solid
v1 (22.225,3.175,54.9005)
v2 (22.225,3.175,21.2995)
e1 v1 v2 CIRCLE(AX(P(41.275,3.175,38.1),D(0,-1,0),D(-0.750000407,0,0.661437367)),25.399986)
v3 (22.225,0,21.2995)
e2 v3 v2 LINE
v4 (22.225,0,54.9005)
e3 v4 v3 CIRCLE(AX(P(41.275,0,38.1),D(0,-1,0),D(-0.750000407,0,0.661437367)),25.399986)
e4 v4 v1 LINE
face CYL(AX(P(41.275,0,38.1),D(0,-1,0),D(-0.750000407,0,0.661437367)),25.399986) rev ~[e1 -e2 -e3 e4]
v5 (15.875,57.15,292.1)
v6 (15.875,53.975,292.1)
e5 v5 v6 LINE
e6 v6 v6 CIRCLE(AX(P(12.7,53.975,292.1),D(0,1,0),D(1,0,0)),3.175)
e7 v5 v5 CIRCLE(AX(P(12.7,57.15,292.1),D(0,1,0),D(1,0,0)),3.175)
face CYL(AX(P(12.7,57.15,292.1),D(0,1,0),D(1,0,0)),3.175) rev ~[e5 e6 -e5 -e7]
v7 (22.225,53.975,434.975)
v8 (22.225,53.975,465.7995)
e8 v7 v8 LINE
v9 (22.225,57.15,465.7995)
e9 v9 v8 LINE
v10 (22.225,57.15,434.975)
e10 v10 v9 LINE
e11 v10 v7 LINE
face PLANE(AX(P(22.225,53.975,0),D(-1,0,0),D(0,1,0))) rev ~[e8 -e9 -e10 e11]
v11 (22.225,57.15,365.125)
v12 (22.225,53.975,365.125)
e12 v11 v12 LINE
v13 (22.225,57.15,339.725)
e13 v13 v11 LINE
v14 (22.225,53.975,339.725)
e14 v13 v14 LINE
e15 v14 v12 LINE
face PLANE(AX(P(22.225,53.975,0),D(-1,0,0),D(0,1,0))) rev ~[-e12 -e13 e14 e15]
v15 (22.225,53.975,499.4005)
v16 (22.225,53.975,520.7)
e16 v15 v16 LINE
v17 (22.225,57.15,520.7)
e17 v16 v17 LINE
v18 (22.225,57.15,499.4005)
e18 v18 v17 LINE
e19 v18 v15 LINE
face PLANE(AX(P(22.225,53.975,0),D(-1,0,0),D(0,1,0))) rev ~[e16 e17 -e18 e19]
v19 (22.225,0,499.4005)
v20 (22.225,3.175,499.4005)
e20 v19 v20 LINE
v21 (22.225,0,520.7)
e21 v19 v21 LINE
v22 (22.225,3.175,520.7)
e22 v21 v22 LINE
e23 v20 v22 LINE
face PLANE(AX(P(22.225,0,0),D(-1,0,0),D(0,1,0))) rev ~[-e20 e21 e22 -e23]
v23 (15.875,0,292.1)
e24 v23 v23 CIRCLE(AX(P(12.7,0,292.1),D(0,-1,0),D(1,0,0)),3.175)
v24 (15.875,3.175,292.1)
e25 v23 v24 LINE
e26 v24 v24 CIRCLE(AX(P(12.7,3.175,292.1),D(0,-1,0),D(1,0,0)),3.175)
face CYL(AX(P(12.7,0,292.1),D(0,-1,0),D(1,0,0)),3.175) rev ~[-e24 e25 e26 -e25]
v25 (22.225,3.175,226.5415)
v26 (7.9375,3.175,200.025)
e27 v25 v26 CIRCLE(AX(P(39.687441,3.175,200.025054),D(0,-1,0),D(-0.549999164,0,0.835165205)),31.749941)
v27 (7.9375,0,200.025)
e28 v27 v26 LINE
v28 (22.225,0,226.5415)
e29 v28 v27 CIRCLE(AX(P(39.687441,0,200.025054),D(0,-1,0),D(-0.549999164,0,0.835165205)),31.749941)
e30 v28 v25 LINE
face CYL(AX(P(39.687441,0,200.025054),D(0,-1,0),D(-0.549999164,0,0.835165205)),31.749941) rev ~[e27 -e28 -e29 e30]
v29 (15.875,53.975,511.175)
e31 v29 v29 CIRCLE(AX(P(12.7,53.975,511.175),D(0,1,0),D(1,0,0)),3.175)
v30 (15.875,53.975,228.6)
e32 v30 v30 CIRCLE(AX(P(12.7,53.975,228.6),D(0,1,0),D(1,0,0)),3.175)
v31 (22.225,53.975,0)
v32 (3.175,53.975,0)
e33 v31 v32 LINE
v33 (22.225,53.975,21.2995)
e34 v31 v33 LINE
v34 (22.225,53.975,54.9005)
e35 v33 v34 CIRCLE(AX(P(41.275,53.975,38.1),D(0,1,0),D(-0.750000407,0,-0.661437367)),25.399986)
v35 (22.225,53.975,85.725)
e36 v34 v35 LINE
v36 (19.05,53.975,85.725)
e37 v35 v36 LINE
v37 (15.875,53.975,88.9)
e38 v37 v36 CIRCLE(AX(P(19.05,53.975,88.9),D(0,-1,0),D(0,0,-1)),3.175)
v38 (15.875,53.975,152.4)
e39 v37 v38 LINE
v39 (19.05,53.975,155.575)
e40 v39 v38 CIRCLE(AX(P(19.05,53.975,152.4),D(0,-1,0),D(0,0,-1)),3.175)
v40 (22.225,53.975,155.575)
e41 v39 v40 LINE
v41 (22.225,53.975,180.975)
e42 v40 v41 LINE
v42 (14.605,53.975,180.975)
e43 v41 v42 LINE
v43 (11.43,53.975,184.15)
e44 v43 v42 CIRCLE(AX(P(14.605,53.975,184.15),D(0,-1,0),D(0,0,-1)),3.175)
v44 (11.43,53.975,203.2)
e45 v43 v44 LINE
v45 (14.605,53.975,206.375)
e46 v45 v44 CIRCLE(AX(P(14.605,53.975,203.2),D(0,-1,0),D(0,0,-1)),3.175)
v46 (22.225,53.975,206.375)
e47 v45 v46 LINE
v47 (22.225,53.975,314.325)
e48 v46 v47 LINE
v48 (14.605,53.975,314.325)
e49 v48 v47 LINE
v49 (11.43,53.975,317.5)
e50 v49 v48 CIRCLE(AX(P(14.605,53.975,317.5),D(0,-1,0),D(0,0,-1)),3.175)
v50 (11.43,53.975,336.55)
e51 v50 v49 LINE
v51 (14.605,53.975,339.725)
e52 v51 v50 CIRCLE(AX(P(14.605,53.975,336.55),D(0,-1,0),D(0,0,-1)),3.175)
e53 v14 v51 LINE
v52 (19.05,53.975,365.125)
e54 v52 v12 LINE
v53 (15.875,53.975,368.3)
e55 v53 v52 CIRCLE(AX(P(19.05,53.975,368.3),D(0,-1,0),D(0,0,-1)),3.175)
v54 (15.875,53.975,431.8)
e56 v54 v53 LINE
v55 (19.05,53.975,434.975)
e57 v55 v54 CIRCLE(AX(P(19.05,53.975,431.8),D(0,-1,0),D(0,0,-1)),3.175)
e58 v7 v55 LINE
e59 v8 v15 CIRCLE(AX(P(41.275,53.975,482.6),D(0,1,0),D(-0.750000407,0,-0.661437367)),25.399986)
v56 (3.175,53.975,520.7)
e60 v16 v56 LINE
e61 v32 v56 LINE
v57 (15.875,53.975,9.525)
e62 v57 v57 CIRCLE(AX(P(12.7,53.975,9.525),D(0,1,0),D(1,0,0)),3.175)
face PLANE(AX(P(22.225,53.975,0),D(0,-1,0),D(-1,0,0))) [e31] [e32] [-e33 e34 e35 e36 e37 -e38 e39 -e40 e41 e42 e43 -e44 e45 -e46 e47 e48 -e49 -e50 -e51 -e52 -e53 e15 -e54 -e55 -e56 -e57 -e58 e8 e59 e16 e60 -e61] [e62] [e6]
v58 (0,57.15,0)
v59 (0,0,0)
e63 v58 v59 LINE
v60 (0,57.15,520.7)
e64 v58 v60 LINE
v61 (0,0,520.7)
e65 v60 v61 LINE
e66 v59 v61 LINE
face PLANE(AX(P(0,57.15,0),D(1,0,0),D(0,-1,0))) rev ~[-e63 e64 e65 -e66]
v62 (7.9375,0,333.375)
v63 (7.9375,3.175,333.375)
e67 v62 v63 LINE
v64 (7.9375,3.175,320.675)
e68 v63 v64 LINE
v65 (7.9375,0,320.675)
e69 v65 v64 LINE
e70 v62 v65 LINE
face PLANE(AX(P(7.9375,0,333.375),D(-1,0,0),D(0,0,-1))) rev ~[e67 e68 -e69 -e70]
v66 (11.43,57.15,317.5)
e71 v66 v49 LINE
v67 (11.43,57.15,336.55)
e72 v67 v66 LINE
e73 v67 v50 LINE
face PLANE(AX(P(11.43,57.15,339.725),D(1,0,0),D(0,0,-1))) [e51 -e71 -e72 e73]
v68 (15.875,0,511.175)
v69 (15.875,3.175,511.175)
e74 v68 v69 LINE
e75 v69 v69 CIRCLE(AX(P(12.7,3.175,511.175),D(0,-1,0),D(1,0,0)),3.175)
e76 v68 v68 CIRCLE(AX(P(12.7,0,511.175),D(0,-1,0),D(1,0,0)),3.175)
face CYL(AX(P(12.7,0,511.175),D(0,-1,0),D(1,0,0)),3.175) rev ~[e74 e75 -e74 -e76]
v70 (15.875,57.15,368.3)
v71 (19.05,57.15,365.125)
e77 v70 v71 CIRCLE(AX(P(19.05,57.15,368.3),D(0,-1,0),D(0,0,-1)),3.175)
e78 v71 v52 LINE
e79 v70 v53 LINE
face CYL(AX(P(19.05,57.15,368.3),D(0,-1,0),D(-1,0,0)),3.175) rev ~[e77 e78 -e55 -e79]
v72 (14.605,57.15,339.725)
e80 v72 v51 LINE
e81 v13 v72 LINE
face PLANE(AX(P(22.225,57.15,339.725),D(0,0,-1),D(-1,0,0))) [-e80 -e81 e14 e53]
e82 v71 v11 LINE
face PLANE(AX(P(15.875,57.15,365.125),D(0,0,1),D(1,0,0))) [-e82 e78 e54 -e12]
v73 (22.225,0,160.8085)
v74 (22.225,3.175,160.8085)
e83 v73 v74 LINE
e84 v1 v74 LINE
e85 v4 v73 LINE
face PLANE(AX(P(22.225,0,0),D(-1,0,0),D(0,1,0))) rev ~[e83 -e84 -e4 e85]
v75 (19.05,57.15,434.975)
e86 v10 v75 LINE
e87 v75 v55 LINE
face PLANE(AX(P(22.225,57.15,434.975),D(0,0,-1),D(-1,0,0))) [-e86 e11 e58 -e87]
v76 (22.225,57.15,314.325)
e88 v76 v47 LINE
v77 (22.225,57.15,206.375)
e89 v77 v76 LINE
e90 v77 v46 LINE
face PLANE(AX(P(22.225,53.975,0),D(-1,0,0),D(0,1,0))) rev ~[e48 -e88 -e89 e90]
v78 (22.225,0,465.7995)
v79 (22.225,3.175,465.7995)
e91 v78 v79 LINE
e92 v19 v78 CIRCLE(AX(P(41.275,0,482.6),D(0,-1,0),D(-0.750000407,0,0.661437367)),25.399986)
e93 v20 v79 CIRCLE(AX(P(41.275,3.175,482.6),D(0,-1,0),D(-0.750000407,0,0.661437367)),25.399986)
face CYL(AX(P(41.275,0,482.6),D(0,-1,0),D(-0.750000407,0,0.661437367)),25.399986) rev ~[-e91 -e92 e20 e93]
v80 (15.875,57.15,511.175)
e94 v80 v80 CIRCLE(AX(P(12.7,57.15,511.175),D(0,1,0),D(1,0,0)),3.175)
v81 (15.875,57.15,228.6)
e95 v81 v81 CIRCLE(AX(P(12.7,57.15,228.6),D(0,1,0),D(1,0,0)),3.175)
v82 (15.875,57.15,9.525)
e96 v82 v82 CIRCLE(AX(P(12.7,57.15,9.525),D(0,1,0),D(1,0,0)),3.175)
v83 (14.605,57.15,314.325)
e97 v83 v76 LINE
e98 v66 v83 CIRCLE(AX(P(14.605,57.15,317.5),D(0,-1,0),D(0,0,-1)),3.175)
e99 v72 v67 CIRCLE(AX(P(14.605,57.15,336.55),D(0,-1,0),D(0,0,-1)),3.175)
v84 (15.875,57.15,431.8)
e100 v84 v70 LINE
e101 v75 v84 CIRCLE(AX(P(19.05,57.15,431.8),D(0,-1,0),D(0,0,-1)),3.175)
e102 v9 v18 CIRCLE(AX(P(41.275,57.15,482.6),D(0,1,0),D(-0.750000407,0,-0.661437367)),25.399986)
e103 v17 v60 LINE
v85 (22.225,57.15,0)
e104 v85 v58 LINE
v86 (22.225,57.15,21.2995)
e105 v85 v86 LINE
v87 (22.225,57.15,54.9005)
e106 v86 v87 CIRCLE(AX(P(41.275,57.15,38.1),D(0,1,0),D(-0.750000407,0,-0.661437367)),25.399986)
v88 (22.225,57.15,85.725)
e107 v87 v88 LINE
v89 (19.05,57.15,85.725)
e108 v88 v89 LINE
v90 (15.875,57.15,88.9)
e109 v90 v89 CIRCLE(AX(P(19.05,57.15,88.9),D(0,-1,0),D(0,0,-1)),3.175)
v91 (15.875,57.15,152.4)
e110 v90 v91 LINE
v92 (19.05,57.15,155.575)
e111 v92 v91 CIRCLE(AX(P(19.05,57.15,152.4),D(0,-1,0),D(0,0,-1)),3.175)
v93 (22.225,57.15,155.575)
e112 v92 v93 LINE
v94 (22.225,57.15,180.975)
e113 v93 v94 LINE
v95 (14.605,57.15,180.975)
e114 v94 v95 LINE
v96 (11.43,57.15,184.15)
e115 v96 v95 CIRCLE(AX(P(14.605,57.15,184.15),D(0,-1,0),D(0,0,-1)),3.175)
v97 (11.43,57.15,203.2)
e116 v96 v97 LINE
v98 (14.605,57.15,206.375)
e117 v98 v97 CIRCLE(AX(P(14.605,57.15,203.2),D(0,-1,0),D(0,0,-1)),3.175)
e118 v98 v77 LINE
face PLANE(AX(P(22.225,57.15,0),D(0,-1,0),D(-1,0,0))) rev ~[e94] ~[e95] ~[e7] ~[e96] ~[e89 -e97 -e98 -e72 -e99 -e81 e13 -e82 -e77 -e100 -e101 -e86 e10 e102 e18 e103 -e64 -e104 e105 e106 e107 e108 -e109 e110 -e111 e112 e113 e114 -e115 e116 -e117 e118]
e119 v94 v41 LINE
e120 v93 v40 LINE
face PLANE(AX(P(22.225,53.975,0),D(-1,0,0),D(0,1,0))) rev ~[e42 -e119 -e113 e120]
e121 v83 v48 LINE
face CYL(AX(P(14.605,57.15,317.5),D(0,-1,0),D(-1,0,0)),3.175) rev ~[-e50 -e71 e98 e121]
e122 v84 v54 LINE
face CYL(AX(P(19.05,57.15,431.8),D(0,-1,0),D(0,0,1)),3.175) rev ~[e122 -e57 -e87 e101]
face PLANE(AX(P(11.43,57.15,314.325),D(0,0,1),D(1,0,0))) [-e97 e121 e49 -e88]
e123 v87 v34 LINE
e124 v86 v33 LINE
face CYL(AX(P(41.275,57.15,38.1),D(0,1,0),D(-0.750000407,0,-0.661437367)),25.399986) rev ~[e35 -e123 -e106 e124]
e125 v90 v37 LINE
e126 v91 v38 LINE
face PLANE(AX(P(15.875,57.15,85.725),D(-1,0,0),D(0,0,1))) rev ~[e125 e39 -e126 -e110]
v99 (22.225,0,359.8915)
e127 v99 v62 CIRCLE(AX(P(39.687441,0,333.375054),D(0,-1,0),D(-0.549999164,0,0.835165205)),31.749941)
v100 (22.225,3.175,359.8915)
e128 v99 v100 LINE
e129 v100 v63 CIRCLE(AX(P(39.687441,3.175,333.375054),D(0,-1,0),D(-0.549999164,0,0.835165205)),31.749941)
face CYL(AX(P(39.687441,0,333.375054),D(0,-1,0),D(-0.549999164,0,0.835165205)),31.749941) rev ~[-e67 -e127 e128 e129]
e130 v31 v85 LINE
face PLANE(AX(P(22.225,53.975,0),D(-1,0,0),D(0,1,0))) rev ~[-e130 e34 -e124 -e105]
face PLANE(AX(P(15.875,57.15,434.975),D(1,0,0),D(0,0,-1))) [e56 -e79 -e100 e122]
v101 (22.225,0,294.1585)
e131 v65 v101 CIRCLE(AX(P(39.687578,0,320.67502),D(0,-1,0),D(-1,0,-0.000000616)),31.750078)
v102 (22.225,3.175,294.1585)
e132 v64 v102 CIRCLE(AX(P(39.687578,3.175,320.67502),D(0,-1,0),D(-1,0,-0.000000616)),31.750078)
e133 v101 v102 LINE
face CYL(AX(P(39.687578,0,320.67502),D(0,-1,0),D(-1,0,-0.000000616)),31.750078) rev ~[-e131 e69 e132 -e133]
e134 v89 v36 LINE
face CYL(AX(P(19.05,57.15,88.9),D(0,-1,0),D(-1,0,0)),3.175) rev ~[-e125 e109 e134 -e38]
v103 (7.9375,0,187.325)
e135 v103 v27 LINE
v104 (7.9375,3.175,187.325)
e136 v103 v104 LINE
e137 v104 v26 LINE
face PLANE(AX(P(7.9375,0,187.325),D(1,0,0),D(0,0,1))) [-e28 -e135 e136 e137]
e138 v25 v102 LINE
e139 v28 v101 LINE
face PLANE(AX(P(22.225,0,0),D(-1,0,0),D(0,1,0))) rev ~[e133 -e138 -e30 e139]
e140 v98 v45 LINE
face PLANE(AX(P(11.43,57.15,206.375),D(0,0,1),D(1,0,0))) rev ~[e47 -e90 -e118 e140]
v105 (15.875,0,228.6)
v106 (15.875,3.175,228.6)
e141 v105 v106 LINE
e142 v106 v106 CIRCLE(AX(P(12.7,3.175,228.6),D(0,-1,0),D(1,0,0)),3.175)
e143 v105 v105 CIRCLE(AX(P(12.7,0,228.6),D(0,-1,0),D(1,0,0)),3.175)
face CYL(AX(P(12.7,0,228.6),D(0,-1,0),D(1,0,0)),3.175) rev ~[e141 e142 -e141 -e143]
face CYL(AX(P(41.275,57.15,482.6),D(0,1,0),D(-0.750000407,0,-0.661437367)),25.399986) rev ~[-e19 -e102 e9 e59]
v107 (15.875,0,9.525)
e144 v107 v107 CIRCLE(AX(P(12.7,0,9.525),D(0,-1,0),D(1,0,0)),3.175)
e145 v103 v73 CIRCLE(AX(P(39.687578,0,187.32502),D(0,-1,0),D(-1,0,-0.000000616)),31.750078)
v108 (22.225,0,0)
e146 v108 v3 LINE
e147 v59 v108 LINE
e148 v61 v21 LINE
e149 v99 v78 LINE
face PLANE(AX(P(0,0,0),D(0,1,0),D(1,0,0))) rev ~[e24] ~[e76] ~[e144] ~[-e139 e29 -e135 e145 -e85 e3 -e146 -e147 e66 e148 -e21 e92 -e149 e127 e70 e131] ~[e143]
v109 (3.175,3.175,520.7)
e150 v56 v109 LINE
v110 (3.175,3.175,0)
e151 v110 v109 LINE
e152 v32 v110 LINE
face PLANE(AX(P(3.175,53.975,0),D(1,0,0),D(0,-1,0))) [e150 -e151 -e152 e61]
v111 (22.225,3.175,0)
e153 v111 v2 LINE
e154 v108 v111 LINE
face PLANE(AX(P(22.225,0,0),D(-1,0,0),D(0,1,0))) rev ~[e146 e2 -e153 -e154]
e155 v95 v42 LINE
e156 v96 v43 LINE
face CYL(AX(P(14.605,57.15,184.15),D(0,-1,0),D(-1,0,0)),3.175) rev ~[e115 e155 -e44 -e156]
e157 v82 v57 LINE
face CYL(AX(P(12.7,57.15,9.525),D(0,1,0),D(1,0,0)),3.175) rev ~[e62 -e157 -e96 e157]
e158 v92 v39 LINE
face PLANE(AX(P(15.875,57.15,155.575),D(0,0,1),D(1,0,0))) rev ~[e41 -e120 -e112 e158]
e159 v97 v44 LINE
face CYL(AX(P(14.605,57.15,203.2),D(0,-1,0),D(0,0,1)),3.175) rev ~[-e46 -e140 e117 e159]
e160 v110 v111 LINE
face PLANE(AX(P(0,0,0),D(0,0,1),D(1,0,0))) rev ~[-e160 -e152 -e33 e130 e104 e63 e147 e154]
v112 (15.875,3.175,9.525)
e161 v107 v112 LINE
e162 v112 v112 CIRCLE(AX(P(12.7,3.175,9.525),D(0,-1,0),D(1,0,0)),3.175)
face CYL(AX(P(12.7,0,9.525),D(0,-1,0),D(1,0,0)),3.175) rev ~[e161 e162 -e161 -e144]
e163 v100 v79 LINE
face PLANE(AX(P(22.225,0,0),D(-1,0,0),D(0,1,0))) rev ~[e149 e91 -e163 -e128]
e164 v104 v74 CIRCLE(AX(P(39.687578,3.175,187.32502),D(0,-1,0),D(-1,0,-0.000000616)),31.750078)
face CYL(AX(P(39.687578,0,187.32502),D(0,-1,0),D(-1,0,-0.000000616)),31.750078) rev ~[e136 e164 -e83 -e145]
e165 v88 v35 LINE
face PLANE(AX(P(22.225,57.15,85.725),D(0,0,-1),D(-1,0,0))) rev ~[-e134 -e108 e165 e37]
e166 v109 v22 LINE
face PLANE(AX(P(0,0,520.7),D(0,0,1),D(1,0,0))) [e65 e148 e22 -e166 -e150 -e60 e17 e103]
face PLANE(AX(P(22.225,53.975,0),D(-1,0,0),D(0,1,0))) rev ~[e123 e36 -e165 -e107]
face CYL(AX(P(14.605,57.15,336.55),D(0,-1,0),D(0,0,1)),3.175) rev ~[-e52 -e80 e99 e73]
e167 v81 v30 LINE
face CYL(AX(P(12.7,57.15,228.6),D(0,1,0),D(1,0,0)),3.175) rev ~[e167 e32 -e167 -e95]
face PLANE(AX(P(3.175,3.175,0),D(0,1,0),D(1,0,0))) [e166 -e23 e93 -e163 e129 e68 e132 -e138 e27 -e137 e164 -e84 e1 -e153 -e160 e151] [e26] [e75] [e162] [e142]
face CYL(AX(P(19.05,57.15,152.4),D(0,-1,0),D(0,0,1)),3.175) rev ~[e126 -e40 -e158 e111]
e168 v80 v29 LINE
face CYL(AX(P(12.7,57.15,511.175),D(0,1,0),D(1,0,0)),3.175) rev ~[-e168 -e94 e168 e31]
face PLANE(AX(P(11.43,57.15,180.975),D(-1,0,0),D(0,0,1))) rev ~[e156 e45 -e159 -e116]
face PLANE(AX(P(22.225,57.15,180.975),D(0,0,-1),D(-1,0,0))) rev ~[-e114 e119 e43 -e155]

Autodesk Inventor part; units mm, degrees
ref_plane "YZ Plane" through (0, 0, 0) normal (1, 0, 0) x (0, 1, 0)
ref_plane "XZ Plane" through (0, 0, 0) normal (0, 1, 0) x (-1, 0, 0)
ref_plane "XY Plane" through (0, 0, 0) normal (0, 0, 1) x (1, 0, 0)
sketch "Sketch1" plane through (0, 0, 0) normal (0, 0, 1) x (1, 0, 0)
  line L0 (0, 0) -> (22.225, 0)
  line L1 (22.225, 0) -> (22.225, 57.15)
  line L2 (22.225, 57.15) -> (0, 57.15)
  line L3 (0, 57.15) -> (0, 0)
  line L4 (3.175, 3.175) -> (22.225, 3.175)
  line L5 (22.225, 3.175) -> (22.225, 53.975)
  line L6 (22.225, 53.975) -> (3.175, 53.975)
  line L7 (3.175, 53.975) -> (3.175, 3.175)
  dimension "d0" = 3.175
  dimension "d1" = 3.175
  dimension "d2" = 3.175
  dimension "d3" = 57.15
  dimension "d4" = 22.225
extrude "Extrusion1" add sketch "Sketch1" along normal blind 520.7 contours L3 L2 L1 L6 L7 L4 L0
sketch "Sketch2" plane through (0, 57.15, 0) normal (0, 1, 0) x (1, 0, 0)
  line L0 (22.225, 0) -> (22.225, -520.7) projected
  line L1 (0, 0) -> (0, -520.7) projected
  line L2 (22.7547, 0) -> (0, 0)
  line L3 (22.225, -85.725) -> (15.875, -85.725)
  line L4 (15.875, -85.725) -> (15.875, -155.575)
  line L5 (15.875, -155.575) -> (22.225, -155.575)
  line L6 (22.225, -155.575) -> (22.225, -85.725)
  line L7 (22.225, -180.975) -> (11.43, -180.975)
  line L8 (11.43, -180.975) -> (11.43, -206.375)
  line L9 (11.43, -206.375) -> (22.225, -206.375)
  line L10 (22.225, -206.375) -> (22.225, -180.975)
  arc A0 (22.225, -21.2995) -> (22.225, -54.9005) centre (41.275, -38.1) ccw
  circle A1 centre (12.7, -9.525) radius 3.175
  circle A2 centre (12.7, -228.6) radius 3.175
  line L11 (3.175, 0) -> (3.175, -520.7) projected
  line L12 (22.225, 0) -> (0, 0) projected
  line L13 (22.225, -21.2995) -> (22.225, -54.9005)
  line L14 (0, -260.35) -> (22.225, -260.35) construction
  line L15 (22.225, -339.725) -> (11.43, -339.725)
  line L16 (11.43, -339.725) -> (11.43, -314.325)
  line L17 (22.225, -314.325) -> (22.225, -339.725)
  line L18 (11.43, -314.325) -> (22.225, -314.325)
  circle A3 centre (12.7, -292.1) radius 3.175
  line L19 (15.875, -365.125) -> (22.225, -365.125)
  line L20 (15.875, -434.975) -> (15.875, -365.125)
  line L21 (22.225, -365.125) -> (22.225, -434.975)
  line L22 (22.225, -434.975) -> (15.875, -434.975)
  arc A4 (22.225, -465.7995) -> (22.225, -499.4005) centre (41.275, -482.6) ccw
  circle A5 centre (12.7, -511.175) radius 3.175
  line L23 (22.225, -520.7) -> (0, -520.7)
  line L24 (22.225, -499.4005) -> (22.225, -465.7995)
  dimension "d7" = 85.725
  dimension "d8" = 69.85
  dimension "d9" = 6.35
  dimension "d10" = 180.975
  dimension "d11" = 25.4
  dimension "d12" = 25.4
  dimension "d13" = 38.1
  dimension "d14" = 9.525
  dimension "d15" = 6.35
  dimension "d16" = 228.6
  dimension "d17" = 38.1
  dimension "d18" = 11.43
  dimension "d21" = 260.35
extrude "Extrusion2" cut sketch "Sketch2" against normal blind 3.175 contours L0 A0 | L0 L5 L4 L3 | A4 L0 | L0 L9 L8 L7 | L22 L20 L19 L0 | L0 L15 L16 L18 | A1 | A2 | A3 | A5
sketch "Sketch3" plane through (0, 0, 0) normal (0, -1, 0) x (1, 0, 0)
  line L0 (0, 0) -> (0, 520.7) projected
  line L1 (0, 0) -> (22.225, 0) projected
  line L2 (22.225, 0) -> (22.225, 520.7) projected
  line L3 (0, 0) -> (0, 301.9932)
  line L4 (0, 0) -> (22.225, 0)
  line L5 (22.225, 0) -> (22.225, 21.2995)
  arc A0 (7.9375, 187.325) -> (22.225, 160.8085) centre (39.6875, 187.325) ccw
  line L6 (7.9375, 187.325) -> (7.9375, 200.025)
  arc A1 (22.225, 226.5415) -> (7.9375, 200.025) centre (39.6875, 200.025) ccw
  arc A2 (22.225, 54.9005) -> (22.225, 21.2995) centre (41.275, 38.1) ccw
  circle A3 centre (12.7, 9.525) radius 3.175
  circle A4 centre (12.7, 228.6) radius 3.175
  line L7 (3.175, 0) -> (3.175, 520.7) projected
  line L8 (0, 260.35) -> (22.225, 260.35) construction
  line L9 (22.225, 160.8085) -> (22.225, 226.5415)
  line L10 (22.225, 226.5415) -> (22.225, 302.1048)
  line L11 (22.225, 21.2995) -> (22.225, 54.9005)
  line L12 (22.225, 54.9005) -> (22.225, 160.8085)
  arc A5 (22.225, 359.8915) -> (7.9375, 333.375) centre (39.6875, 333.375) ccw
  line L13 (7.9375, 333.375) -> (7.9375, 320.675)
  arc A6 (7.9375, 320.675) -> (22.225, 294.1585) centre (39.6875, 320.675) ccw
  arc A7 (22.225, 499.4005) -> (22.225, 465.7995) centre (41.275, 482.6) ccw
  circle A8 centre (12.7, 511.175) radius 3.175
  circle A9 centre (12.7, 292.1) radius 3.175
  line L14 (22.225, 359.8915) -> (22.225, 294.1585)
  line L15 (22.225, 499.4005) -> (22.225, 465.7995)
  dimension "d22" = 31.75
  dimension "d23" = 12.7
  dimension "d24" = 187.325
  dimension "d25" = 7.9375
  dimension "d26" = 38.1
  dimension "d27" = 38.1
  dimension "d28" = 25.4
  dimension "d29" = 260.35
extrude "Extrusion3" cut sketch "Sketch3" against normal blind 3.175
fillet "Fillet1" radius 3.175 8 edges at (15.875, 55.5625, 434.975) (15.875, 55.5625, 365.125) (11.43, 55.5625, 339.725) (11.43, 55.5625, 314.325) (11.43, 55.5625, 206.375) (11.43, 55.5625, 180.975) (15.875, 55.5625, 155.575) (15.875, 55.5625, 85.725)
equation "\"d1\" = d0"
equation "\"d2\" = d0"
properties part number "2.25 U frame 2"
